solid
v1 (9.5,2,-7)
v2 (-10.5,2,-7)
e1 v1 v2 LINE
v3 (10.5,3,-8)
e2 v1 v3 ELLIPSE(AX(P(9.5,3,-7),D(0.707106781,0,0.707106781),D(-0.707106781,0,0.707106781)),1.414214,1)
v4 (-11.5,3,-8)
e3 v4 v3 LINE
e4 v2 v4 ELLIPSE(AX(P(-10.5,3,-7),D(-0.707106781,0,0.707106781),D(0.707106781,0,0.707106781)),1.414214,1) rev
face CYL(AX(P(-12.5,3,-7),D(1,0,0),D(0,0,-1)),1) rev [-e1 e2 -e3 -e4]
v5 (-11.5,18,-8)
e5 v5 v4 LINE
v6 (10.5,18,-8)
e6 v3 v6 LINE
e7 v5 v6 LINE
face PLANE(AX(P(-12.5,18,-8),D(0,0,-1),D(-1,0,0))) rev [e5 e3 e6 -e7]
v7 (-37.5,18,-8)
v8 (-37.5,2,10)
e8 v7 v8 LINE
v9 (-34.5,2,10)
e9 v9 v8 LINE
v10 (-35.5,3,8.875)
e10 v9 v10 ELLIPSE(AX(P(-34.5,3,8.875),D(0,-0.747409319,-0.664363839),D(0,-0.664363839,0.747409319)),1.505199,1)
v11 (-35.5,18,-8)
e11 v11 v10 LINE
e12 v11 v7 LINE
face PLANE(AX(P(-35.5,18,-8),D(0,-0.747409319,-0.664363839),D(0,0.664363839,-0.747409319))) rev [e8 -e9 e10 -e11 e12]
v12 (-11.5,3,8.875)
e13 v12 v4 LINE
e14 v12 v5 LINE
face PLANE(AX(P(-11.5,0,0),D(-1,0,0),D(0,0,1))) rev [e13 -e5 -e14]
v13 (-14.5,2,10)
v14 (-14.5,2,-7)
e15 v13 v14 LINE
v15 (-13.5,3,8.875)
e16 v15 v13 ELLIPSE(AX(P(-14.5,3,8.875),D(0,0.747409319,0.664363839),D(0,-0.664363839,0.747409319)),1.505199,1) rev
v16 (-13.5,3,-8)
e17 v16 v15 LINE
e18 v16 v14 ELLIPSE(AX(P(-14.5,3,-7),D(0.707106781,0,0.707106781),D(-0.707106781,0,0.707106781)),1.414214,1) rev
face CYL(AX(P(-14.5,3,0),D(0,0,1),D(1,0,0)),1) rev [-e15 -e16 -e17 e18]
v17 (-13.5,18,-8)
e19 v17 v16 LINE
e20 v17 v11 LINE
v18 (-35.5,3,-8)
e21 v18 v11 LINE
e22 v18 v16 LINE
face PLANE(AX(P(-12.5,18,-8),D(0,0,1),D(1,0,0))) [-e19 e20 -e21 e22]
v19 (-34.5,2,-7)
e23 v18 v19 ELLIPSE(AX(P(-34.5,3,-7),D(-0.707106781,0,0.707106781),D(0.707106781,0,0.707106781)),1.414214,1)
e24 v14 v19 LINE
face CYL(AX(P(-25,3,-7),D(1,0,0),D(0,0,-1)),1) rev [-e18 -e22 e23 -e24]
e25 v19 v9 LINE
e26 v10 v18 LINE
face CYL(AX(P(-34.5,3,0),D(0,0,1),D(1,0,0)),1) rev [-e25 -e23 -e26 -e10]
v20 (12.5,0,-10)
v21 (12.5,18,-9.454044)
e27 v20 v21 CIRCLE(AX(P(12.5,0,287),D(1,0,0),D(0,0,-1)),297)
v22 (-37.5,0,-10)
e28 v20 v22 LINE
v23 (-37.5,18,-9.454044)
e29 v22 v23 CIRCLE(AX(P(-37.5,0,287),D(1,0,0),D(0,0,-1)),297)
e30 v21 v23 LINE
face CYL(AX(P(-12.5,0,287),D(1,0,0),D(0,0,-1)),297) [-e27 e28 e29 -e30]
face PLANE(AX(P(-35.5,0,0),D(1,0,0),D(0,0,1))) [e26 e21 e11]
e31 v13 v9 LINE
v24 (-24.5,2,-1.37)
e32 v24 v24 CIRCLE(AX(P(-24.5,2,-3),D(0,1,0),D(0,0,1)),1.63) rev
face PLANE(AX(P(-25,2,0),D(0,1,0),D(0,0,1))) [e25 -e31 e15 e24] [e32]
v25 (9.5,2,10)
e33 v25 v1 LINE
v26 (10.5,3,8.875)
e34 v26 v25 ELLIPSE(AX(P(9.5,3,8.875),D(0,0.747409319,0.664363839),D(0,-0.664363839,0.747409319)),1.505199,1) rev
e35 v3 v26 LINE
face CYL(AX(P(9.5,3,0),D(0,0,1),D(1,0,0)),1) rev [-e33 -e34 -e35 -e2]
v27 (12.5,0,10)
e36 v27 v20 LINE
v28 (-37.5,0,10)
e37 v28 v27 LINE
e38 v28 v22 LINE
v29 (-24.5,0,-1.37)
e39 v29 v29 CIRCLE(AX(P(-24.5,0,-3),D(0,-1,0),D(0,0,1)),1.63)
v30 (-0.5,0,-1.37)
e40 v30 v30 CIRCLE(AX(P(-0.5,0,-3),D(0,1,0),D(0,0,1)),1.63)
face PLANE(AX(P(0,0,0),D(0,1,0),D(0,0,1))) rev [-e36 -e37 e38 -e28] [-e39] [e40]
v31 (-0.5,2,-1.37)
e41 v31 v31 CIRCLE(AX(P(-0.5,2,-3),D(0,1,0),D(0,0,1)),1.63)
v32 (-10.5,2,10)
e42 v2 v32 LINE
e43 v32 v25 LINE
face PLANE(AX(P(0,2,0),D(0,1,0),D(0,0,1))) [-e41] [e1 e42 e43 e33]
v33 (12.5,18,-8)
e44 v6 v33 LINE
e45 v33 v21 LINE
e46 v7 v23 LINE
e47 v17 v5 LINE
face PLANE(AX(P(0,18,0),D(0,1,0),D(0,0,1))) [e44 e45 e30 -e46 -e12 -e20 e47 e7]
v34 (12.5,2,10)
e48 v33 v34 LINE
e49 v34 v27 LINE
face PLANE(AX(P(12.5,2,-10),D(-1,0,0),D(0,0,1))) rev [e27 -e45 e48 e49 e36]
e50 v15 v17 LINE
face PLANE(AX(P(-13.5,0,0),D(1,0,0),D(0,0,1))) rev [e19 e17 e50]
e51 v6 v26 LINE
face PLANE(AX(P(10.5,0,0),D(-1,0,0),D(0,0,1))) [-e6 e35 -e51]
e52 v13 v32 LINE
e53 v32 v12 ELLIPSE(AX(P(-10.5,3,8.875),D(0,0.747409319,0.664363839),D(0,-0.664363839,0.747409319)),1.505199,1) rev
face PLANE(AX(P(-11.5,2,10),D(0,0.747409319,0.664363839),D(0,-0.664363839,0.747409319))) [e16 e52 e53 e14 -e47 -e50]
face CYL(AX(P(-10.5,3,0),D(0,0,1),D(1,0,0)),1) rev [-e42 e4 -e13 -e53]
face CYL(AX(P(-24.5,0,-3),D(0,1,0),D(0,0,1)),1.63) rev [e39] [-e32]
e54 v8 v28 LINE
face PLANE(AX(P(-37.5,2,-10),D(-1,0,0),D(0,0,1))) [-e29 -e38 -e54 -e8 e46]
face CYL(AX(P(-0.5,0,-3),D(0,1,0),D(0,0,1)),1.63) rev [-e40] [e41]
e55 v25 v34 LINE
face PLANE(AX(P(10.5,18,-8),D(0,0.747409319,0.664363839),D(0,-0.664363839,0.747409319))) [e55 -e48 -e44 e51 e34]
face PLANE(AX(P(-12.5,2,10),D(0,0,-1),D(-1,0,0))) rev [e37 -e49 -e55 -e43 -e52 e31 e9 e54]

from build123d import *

# Parameters (mm, degrees)
SKETCH5_W            = 25
SKETCH5_H            = 20
BOSS_EXTRUDE3_DEPTH  = 2
SKETCH6_W            = 25
SKETCH6_H            = 2
BOSS_EXTRUDE4_DEPTH  = 16
BOSS_EXTRUDE5_DEPTH  = 2
BOSS_EXTRUDE6_DEPTH  = 1
SKETCH9_R            = 1.63
CUT_EXTRUDE2_DEPTH   = 23.632940596
FILLET1_R            = 1
SKETCH10_R           = 307
SKETCH10_R_2         = 297
CUT_EXTRUDE3_DEPTH   = 33.388269481
FILLET1_OF_MIRROR3_R = 1


with BuildPart() as part:
    # Sketch5 → Boss-Extrude3 (new body)
    with BuildSketch(Plane(origin=(0, 0, 0), x_dir=(1, 0, 0), z_dir=(0, 1, 0))):
        Rectangle(SKETCH5_W, SKETCH5_H)
    boss_extrude3 = extrude(amount=BOSS_EXTRUDE3_DEPTH)

    # Sketch6 → Boss-Extrude4 (add)
    with BuildSketch(Plane(origin=(0, 2, 0), x_dir=(1, 0, 0), z_dir=(0, 1, 0))):
        with Locations((0, 9)):
            Rectangle(SKETCH6_W, SKETCH6_H)
    boss_extrude4 = extrude(amount=BOSS_EXTRUDE4_DEPTH)

    # Sketch7 → Boss-Extrude5 (add)
    with BuildSketch(Plane(origin=(12.5, 0, 0), x_dir=(0, 0, -1), z_dir=(1, 0, 0))):
        Polygon((8, 18), (-10, 2), (8, 2), align=None)
    boss_extrude5 = extrude(amount=-BOSS_EXTRUDE5_DEPTH)

    # Sketch8 → Boss-Extrude6 (add)
    with BuildSketch(Plane.ZY.offset(12.5)):
        Polygon((-8, 18), (-8, 2), (10, 2), align=None)
    boss_extrude6 = extrude(amount=-BOSS_EXTRUDE6_DEPTH)

    # Sketch9 → Cut-Extrude2 (cut, symmetric)
    with BuildSketch(Plane(origin=(0, 2, 0), x_dir=(1, 0, 0), z_dir=(0, 1, 0))):
        with Locations(Location((-0.5, 3, 0), (0, 0, 270))):
            Circle(SKETCH9_R)
    cut_extrude2 = extrude(amount=CUT_EXTRUDE2_DEPTH, both=True, mode=Mode.SUBTRACT)

    # Fillet1
    fillet1_edges = [part.edges().sort_by_distance(p)[0] for p in [
        (10.5, 2, 1),
        (-0.5, 2, -8),
        (-11.5, 2, 1),
    ]]
    fillet(fillet1_edges, radius=FILLET1_R)

    # Sketch10 → Cut-Extrude3 (cut, through all)
    with BuildSketch(Plane(origin=(12.5, 0, 0), x_dir=(0, 0, -1), z_dir=(1, 0, 0))):
        with Locations((-287, 0)):
            Circle(SKETCH10_R)
        with Locations((-287, 0)):
            Circle(SKETCH10_R_2, mode=Mode.SUBTRACT)
    cut_extrude3 = extrude(amount=-CUT_EXTRUDE3_DEPTH, mode=Mode.SUBTRACT)


with BuildPart() as mirror3_1:
    # Mirror3: Boss-Extrude3, Boss-Extrude4, Boss-Extrude5, Boss-Extrude6 across plane
    add(boss_extrude3.mirror(Plane(origin=(-12.5, 2, -10), x_dir=(0, 0, 1), z_dir=(1, 0, 0))))
    add(boss_extrude4.mirror(Plane(origin=(-12.5, 2, -10), x_dir=(0, 0, 1), z_dir=(1, 0, 0))))
    add(boss_extrude5.mirror(Plane(origin=(-12.5, 2, -10), x_dir=(0, 0, 1), z_dir=(1, 0, 0))))
    add(boss_extrude6.mirror(Plane(origin=(-12.5, 2, -10), x_dir=(0, 0, 1), z_dir=(1, 0, 0))))

    # Mirror3 2: Cut-Extrude2, Cut-Extrude3 across plane
    add(cut_extrude2.mirror(Plane(origin=(-12.5, 2, -10), x_dir=(0, 0, 1), z_dir=(1, 0, 0))), mode=Mode.SUBTRACT)
    add(cut_extrude3.mirror(Plane(origin=(-12.5, 2, -10), x_dir=(0, 0, 1), z_dir=(1, 0, 0))), mode=Mode.SUBTRACT)

    # Fillet1 of Mirror3
    fillet1_of_mirror3_edges = [mirror3_1.edges().sort_by_distance(p)[0] for p in [
        (-35.5, 2, 1),
        (-24.5, 2, -8),
        (-13.5, 2, 1),
    ]]
    fillet(fillet1_of_mirror3_edges, radius=FILLET1_OF_MIRROR3_R)


with BuildPart() as part_1:
    add(part.part)

    # Mirror3 united with what the copies touc: union Mirror3_1
    add(mirror3_1.part)


solid = part_1.part
